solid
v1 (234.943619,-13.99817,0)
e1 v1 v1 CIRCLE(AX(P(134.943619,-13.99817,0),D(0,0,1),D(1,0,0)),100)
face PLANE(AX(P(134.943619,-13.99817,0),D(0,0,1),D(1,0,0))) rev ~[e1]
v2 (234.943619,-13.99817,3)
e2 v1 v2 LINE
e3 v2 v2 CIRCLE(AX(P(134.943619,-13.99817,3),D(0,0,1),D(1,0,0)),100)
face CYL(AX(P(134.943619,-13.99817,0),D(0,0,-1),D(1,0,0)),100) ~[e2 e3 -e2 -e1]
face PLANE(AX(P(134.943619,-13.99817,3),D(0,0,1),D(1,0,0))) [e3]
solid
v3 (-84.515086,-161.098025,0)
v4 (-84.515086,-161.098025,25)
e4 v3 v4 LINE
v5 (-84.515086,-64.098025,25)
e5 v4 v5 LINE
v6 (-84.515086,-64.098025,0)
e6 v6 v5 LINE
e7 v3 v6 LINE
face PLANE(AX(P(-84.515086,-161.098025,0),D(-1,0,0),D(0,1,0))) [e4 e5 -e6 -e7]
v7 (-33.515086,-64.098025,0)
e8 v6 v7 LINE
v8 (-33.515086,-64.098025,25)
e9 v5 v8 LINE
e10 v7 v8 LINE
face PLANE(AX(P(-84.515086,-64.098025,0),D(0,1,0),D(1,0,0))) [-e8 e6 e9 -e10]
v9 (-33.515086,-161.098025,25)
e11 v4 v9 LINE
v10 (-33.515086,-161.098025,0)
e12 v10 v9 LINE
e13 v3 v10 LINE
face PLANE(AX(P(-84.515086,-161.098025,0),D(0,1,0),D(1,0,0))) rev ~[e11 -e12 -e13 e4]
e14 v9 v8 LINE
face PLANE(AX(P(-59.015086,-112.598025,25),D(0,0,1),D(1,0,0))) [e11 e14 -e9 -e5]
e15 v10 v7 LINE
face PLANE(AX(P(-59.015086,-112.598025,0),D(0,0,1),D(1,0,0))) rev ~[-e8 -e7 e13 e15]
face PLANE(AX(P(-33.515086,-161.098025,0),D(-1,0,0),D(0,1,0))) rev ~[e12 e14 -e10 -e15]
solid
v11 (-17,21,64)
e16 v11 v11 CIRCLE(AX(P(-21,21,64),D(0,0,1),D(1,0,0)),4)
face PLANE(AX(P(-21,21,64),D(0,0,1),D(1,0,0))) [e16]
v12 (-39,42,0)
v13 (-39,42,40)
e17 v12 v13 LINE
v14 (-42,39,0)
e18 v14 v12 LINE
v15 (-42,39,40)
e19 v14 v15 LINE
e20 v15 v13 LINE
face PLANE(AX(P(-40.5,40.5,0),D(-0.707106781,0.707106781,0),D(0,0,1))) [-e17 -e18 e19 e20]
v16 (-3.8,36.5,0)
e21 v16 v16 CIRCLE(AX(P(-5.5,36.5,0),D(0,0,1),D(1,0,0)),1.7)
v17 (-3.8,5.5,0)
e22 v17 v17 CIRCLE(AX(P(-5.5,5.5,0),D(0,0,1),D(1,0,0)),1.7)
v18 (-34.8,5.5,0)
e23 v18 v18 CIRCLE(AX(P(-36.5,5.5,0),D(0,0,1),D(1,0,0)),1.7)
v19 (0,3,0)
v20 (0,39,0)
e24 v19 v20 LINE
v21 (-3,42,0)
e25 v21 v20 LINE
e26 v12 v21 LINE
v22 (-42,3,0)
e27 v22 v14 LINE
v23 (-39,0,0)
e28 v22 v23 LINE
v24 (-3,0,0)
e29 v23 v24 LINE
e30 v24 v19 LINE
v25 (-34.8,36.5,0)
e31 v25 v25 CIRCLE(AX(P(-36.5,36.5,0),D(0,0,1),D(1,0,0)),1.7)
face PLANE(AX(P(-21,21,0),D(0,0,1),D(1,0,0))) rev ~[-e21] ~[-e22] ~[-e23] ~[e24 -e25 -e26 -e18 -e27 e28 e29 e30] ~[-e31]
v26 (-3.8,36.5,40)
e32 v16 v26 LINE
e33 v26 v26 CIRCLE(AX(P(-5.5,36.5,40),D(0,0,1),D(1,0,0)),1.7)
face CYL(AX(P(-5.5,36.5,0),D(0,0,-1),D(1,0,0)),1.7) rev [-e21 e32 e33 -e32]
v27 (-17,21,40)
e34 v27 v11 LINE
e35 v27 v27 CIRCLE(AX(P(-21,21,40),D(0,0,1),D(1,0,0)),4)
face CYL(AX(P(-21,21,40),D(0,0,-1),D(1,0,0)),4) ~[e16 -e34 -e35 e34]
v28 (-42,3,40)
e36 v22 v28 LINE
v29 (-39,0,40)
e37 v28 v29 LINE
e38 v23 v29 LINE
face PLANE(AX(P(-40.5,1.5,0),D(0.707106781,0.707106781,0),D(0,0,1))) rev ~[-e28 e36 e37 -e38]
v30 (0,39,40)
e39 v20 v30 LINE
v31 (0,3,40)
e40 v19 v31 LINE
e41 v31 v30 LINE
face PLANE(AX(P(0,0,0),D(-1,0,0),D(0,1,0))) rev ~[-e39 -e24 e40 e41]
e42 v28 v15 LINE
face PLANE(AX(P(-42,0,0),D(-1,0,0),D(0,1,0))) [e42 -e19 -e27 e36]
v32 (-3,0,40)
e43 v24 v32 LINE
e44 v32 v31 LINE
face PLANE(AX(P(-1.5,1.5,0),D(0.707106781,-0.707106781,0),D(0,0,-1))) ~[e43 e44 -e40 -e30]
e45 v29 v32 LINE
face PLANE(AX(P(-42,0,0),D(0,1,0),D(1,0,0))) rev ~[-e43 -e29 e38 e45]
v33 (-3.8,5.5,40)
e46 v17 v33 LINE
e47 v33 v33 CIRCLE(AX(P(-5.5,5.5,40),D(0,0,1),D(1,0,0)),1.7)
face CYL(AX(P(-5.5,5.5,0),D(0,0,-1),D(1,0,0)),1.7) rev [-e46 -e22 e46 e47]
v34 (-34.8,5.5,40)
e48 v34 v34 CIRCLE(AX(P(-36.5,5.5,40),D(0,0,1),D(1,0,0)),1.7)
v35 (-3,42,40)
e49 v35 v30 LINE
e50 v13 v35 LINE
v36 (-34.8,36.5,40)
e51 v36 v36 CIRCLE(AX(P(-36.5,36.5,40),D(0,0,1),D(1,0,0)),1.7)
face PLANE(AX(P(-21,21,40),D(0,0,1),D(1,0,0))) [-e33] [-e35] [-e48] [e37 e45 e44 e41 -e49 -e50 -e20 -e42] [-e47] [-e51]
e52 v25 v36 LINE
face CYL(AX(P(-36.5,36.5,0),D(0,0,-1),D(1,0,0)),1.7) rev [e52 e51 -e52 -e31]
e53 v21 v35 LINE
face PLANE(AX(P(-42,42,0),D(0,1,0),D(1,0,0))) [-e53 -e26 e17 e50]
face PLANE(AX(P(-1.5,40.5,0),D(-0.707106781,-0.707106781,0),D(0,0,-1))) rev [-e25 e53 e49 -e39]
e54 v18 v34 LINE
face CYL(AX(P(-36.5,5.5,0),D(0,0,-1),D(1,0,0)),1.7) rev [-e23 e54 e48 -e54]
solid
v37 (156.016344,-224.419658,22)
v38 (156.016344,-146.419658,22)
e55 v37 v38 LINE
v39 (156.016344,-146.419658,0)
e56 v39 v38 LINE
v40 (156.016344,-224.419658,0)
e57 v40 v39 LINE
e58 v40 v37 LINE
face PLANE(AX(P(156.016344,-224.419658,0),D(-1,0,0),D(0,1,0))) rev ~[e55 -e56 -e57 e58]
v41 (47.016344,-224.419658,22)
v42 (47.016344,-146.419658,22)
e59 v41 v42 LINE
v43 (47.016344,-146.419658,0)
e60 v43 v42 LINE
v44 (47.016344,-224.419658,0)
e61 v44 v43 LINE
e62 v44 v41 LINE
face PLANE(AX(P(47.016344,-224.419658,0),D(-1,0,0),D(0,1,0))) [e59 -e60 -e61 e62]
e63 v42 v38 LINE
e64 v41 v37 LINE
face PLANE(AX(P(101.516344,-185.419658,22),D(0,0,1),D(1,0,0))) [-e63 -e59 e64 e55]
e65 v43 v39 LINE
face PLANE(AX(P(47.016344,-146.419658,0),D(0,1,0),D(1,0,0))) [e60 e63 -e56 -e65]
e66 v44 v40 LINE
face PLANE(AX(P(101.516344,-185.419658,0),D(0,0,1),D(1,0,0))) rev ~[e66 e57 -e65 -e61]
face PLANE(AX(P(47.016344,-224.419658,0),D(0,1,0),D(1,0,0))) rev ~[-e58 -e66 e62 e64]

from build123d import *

# Parameters (mm, degrees)
F0_W      = 42
F0_H      = 42
F0_R      = 1.7
F1_DEPTH  = 40
F2_R      = 4
F3_DEPTH  = 24
F4_SIZE   = 3
F5_R      = 100
F6_DEPTH  = 3
F7_W      = 51
F7_H      = 97
F8_DEPTH  = 25
F9_W      = 109
F9_H      = 78
F10_DEPTH = 22


with BuildPart() as f1:
    # F0 (on Top) → F1 (new body)
    with BuildSketch(Plane.XY):
        with Locations((-21, 21)):
            Rectangle(F0_W, F0_H)
        with Locations((-36.5, 5.5)):
            Circle(F0_R, mode=Mode.SUBTRACT)
        with Locations((-5.5, 5.5)):
            Circle(F0_R, mode=Mode.SUBTRACT)
        with Locations((-36.5, 36.5)):
            Circle(F0_R, mode=Mode.SUBTRACT)
        with Locations((-5.5, 36.5)):
            Circle(F0_R, mode=Mode.SUBTRACT)
    extrude(amount=F1_DEPTH)

    # F2 (on face) → F3 (join)
    with BuildSketch(Plane.XY.offset(40)):
        with Locations((-21, 21)):
            Circle(F2_R)
    extrude(amount=F3_DEPTH)

    # F4
    f4_edges = [f1.edges().sort_by_distance(p)[0] for p in [
        (0, 42, 20),
        (0, 0, 20),
        (-42, 0, 20),
        (-42, 42, 20),
    ]]
    chamfer(f4_edges, length=F4_SIZE)


with BuildPart() as f6:
    # F5 (on Top) → F6 (new body)
    with BuildSketch(Plane.XY):
        with Locations((134.943619, -13.99817)):
            Circle(F5_R)
    extrude(amount=F6_DEPTH)


with BuildPart() as f8:
    # F7 (on Top) → F8 (new body)
    with BuildSketch(Plane.XY):
        with Locations((-59.015086, -112.598025)):
            Rectangle(F7_W, F7_H)
    extrude(amount=F8_DEPTH)


with BuildPart() as f10:
    # F9 (on Top) → F10 (new body)
    with BuildSketch(Plane.XY):
        with Locations((101.516344, -185.419658)):
            Rectangle(F9_W, F9_H)
    extrude(amount=F10_DEPTH)


solid = Compound([f1.part, f6.part, f8.part, f10.part])
